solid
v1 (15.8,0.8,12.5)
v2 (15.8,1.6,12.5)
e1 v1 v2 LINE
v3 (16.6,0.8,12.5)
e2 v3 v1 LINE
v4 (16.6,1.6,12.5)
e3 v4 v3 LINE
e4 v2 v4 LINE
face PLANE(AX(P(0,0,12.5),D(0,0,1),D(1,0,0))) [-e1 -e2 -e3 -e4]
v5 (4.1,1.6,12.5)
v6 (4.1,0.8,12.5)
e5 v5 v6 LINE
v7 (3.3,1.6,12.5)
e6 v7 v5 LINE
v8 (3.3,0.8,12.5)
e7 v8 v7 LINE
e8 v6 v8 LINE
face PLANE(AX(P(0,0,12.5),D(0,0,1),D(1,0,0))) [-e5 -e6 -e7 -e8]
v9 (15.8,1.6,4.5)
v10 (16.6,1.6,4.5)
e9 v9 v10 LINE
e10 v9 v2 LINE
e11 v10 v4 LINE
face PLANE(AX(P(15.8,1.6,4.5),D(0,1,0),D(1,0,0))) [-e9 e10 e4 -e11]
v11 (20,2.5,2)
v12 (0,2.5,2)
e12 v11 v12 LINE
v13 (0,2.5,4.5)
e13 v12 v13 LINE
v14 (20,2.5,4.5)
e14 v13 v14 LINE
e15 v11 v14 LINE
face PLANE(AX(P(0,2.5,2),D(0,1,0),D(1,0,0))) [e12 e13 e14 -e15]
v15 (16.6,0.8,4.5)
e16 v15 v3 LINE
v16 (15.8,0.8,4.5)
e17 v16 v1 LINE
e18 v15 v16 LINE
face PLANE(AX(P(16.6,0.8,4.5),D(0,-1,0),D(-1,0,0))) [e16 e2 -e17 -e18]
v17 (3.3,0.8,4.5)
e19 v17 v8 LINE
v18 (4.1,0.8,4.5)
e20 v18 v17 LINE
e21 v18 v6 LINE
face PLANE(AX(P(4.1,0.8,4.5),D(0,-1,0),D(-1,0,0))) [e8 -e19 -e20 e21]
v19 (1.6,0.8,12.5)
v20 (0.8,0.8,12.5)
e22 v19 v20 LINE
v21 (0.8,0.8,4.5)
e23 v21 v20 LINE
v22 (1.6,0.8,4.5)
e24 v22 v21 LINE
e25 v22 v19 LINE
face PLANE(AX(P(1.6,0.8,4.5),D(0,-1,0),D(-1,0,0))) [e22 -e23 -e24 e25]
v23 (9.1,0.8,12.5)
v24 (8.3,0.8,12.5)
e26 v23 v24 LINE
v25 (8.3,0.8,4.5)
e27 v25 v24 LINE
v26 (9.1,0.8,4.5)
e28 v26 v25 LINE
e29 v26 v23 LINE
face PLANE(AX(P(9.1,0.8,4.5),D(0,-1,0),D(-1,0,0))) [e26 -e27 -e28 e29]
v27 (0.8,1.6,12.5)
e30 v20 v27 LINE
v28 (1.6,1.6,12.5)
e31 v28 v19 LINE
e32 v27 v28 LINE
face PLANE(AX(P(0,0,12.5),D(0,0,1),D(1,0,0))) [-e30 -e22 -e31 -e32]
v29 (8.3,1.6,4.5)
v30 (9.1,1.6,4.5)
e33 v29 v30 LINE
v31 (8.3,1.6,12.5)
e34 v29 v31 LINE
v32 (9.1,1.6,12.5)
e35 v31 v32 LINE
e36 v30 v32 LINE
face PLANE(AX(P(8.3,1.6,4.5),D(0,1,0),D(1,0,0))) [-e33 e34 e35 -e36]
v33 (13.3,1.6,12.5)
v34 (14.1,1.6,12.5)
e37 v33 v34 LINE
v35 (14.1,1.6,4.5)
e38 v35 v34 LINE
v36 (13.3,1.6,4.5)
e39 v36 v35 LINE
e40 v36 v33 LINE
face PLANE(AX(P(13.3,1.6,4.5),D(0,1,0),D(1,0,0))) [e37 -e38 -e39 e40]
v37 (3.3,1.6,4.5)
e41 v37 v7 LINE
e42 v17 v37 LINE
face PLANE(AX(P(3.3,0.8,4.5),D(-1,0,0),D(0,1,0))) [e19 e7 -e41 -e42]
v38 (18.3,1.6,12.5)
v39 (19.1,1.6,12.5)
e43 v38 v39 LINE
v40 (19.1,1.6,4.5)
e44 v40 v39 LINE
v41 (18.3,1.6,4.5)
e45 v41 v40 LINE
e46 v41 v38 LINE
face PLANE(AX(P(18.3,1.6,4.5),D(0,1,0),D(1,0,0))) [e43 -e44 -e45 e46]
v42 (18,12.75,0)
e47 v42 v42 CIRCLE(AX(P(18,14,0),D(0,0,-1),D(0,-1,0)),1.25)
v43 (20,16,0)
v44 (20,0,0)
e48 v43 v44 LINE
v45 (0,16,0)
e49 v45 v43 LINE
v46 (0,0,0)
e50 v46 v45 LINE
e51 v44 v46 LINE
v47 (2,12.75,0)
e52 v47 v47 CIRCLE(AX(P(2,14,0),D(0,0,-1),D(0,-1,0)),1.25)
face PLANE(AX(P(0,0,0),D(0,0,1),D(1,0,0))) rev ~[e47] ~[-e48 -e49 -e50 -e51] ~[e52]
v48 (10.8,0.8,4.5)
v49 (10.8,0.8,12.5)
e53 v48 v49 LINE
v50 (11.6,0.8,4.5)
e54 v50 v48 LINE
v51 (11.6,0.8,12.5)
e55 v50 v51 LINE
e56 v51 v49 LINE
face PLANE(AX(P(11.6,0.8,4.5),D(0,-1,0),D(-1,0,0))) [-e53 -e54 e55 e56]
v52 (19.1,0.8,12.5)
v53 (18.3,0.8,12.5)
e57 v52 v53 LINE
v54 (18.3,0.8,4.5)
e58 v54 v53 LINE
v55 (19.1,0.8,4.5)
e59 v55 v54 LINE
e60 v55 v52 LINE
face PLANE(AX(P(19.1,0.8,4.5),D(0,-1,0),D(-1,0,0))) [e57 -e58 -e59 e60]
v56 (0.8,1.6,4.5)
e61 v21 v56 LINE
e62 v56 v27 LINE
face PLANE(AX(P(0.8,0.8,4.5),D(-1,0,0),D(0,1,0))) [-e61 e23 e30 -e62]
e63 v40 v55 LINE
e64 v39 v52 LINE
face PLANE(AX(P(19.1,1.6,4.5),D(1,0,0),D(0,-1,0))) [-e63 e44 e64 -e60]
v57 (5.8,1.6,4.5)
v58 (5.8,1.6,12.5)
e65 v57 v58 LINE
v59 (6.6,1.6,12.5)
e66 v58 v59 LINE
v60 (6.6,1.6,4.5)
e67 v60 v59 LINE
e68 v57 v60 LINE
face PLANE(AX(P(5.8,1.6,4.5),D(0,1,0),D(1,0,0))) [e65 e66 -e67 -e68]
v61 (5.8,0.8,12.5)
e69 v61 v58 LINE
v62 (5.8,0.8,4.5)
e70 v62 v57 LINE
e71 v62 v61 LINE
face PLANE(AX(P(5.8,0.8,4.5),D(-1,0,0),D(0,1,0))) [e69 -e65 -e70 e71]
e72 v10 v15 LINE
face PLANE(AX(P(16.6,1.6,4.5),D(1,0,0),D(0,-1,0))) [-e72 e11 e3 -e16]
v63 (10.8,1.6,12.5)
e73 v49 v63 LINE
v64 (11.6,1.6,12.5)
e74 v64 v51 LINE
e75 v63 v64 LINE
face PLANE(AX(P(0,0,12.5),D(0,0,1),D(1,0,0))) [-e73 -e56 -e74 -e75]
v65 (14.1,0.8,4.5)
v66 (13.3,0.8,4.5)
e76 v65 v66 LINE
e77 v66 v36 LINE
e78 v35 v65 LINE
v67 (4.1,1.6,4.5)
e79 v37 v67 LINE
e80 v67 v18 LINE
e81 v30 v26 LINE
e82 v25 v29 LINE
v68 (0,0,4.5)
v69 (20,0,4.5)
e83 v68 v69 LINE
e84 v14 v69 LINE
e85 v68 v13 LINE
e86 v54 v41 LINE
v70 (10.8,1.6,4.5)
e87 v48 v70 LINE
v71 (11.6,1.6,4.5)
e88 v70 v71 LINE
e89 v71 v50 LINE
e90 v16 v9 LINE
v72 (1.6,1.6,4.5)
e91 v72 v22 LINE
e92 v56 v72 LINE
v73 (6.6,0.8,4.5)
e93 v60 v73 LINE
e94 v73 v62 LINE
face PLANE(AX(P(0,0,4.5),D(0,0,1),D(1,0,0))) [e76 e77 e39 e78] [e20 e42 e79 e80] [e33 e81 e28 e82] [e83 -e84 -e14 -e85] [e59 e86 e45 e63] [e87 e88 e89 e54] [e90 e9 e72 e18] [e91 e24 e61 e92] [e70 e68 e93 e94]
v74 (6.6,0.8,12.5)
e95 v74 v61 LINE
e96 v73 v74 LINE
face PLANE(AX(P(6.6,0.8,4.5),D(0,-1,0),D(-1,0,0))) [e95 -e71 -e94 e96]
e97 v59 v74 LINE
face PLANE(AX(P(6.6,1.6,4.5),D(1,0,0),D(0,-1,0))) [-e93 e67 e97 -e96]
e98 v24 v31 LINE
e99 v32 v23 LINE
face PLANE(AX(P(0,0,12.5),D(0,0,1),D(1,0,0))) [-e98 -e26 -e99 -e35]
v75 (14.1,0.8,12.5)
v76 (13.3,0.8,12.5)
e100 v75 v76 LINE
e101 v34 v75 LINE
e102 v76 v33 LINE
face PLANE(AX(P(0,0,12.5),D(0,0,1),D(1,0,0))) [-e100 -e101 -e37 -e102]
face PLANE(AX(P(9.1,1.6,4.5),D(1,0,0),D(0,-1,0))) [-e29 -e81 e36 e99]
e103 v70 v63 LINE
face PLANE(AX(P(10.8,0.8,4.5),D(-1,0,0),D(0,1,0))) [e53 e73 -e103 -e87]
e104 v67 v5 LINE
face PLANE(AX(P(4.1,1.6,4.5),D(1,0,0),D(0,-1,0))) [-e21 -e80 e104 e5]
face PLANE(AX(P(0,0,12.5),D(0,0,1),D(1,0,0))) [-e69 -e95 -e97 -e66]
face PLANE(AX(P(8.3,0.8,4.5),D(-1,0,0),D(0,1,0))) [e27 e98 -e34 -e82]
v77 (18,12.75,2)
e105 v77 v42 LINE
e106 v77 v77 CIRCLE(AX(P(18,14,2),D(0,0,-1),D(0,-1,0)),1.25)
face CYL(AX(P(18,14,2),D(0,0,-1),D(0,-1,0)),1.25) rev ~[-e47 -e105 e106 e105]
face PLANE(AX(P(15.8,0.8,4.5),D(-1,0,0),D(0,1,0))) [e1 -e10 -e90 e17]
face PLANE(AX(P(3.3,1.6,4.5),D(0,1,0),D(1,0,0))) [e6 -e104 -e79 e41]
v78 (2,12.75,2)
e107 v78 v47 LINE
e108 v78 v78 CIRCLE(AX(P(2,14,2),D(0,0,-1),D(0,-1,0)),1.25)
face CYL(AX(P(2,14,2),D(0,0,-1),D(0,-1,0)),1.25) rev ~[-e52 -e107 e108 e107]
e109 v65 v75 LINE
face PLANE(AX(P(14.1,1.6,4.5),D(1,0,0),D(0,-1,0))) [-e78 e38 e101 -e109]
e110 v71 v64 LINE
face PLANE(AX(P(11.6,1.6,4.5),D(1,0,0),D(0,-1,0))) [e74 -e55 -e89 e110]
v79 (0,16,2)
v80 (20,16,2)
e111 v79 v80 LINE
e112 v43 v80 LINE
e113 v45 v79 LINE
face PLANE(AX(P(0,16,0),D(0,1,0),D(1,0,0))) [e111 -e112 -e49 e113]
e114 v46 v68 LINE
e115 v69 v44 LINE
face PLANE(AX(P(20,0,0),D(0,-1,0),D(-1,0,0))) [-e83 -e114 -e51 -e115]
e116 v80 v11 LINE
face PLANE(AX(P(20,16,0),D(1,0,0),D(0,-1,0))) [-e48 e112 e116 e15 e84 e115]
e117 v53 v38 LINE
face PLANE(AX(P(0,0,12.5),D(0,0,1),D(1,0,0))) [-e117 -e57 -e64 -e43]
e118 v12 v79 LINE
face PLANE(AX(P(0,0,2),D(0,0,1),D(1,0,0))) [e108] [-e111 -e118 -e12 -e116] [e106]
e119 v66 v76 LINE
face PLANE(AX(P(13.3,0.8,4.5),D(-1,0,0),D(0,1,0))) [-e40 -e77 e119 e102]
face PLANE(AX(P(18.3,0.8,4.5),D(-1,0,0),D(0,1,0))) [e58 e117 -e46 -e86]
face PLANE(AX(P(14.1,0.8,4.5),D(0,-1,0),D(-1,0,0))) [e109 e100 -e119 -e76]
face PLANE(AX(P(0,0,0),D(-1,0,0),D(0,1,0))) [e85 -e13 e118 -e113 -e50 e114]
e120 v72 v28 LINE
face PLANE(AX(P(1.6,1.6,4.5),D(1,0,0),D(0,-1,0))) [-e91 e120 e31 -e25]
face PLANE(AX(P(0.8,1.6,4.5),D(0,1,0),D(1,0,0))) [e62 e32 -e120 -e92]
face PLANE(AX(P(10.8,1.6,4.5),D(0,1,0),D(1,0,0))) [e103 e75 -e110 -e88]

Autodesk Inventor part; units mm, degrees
ref_plane "YZ Plane" through (0, 0, 0) normal (1, 0, 0) x (0, 1, 0)
ref_plane "XZ Plane" through (0, 0, 0) normal (0, 1, 0) x (-1, 0, 0)
ref_plane "XY Plane" through (0, 0, 0) normal (0, 0, 1) x (1, 0, 0)
sketch "Esquisse1" plane through (0, 0, 0) normal (0, 0, 1) x (1, 0, 0)
  line L0 (0, 16) -> (20, 16)
  line L1 (20, 16) -> (20, 0)
  line L2 (20, 0) -> (0, 0)
  line L3 (0, 0) -> (0, 16)
  line L4 (-4.5575, 0) -> (27.3449, 0) projected
  line L5 (0, -3.2) -> (0, 19.2) projected
  point P0 (0, 0)
  dimension "d0" = 20
  dimension "d1" = 16
extrude "Extrusion1" add sketch "Esquisse1" along normal blind 2
sketch "Esquisse2" plane through (0, 0, 2) normal (0, 0, 1) x (1, 0, 0)
  line L0 (20, 0) -> (20, 16) projected
  line L1 (20, 16) -> (0, 16) projected
  line L2 (0, 16) -> (0, 0) projected
  point P0 (2, 14)
  point P1 (18, 14)
  dimension "d11" = 2
  dimension "d12" = 2
  dimension "d13" = 2
  dimension "d14" = 2
hole "Perçage1" at (2, 14, 2) at (18, 14, 2) direction (0, 0, -1) diameter 2.5 end through all
sketch "Esquisse3" plane through (0, 0, 2) normal (0, 0, 1) x (1, 0, 0)
  line L0 (0, 2.5) -> (2.5, 2.5)
  line L1 (2.5, 2.5) -> (2.5, 0)
  line L2 (2.5, 0) -> (0, 0)
  line L3 (0, 0) -> (0, 2.5)
  line L4 (-4.5575, 0) -> (27.3449, 0) projected
  line L5 (2.5, 2.5) -> (5, 2.5)
  line L6 (5, 2.5) -> (5, 0)
  line L7 (5, 0) -> (2.5, 0)
  line L8 (2.5, 0) -> (2.5, 2.5)
  line L9 (5, 2.5) -> (7.5, 2.5)
  line L10 (7.5, 2.5) -> (7.5, 0)
  line L11 (7.5, 0) -> (5, 0)
  line L12 (5, 0) -> (5, 2.5)
  line L13 (7.5, 2.5) -> (10, 2.5)
  line L14 (10, 2.5) -> (10, 0)
  line L15 (10, 0) -> (7.5, 0)
  line L16 (7.5, 0) -> (7.5, 2.5)
  line L17 (10, 2.5) -> (12.5, 2.5)
  line L18 (12.5, 2.5) -> (12.5, 0)
  line L19 (12.5, 0) -> (10, 0)
  line L20 (10, 0) -> (10, 2.5)
  line L21 (12.5, 2.5) -> (15, 2.5)
  line L22 (15, 2.5) -> (15, 0)
  line L23 (15, 0) -> (12.5, 0)
  line L24 (12.5, 0) -> (12.5, 2.5)
  line L25 (15, 2.5) -> (17.5, 2.5)
  line L26 (17.5, 2.5) -> (17.5, 0)
  line L27 (17.5, 0) -> (15, 0)
  line L28 (15, 0) -> (15, 2.5)
  line L29 (17.5, 2.5) -> (20, 2.5)
  line L30 (20, 2.5) -> (20, 0)
  line L31 (20, 0) -> (17.5, 0)
  line L32 (17.5, 0) -> (17.5, 2.5)
  line L33 (0, 16) -> (0, 0) projected
  line L34 (0, 0) -> (20, 0) projected
  point P0 (2.5, 0)
  point P1 (20, 0)
  dimension "d15" = 2.5
  dimension "d16" = 2.5
  dimension "d19" = 2.5
extrude "Extrusion2" add sketch "Esquisse3" along normal blind 2.5
sketch "Esquisse4" plane through (0, 0, 4.5) normal (0, 0, 1) x (1, 0, 0)
  line L0 (0.8, 1.6) -> (1.6, 1.6)
  line L1 (1.6, 1.6) -> (1.6, 0.8)
  line L2 (1.6, 0.8) -> (0.8, 0.8)
  line L3 (0.8, 0.8) -> (0.8, 1.6)
  line L4 (0, 0) -> (20, 0) projected
  line L5 (0, 2.5) -> (0, 0) projected
  line L6 (3.3, 1.6) -> (4.1, 1.6)
  line L7 (4.1, 1.6) -> (4.1, 0.8)
  line L8 (4.1, 0.8) -> (3.3, 0.8)
  line L9 (3.3, 0.8) -> (3.3, 1.6)
  line L10 (5.8, 1.6) -> (6.6, 1.6)
  line L11 (6.6, 1.6) -> (6.6, 0.8)
  line L12 (6.6, 0.8) -> (5.8, 0.8)
  line L13 (5.8, 0.8) -> (5.8, 1.6)
  line L14 (8.3, 1.6) -> (9.1, 1.6)
  line L15 (9.1, 1.6) -> (9.1, 0.8)
  line L16 (9.1, 0.8) -> (8.3, 0.8)
  line L17 (8.3, 0.8) -> (8.3, 1.6)
  line L18 (10.8, 1.6) -> (11.6, 1.6)
  line L19 (11.6, 1.6) -> (11.6, 0.8)
  line L20 (11.6, 0.8) -> (10.8, 0.8)
  line L21 (10.8, 0.8) -> (10.8, 1.6)
  line L22 (13.3, 1.6) -> (14.1, 1.6)
  line L23 (14.1, 1.6) -> (14.1, 0.8)
  line L24 (14.1, 0.8) -> (13.3, 0.8)
  line L25 (13.3, 0.8) -> (13.3, 1.6)
  line L26 (15.8, 1.6) -> (16.6, 1.6)
  line L27 (16.6, 1.6) -> (16.6, 0.8)
  line L28 (16.6, 0.8) -> (15.8, 0.8)
  line L29 (15.8, 0.8) -> (15.8, 1.6)
  line L30 (18.3, 1.6) -> (19.1, 1.6)
  line L31 (19.1, 1.6) -> (19.1, 0.8)
  line L32 (19.1, 0.8) -> (18.3, 0.8)
  line L33 (18.3, 0.8) -> (18.3, 1.6)
  point P0 (0, 1.25)
  dimension "d26" = 0.8
  dimension "d27" = 0.8
  dimension "d28" = 0.8
  dimension "d29" = 0.8
  dimension "d32" = 2.5
extrude "Extrusion3" add sketch "Esquisse4" along normal blind 8
equation "\"d13\" = d12"
equation "\"d14\" = d11"
equation "\"d16\" = d15"
equation "\"d27\" = d26"
equation "\"d29\" = d28"
properties part number "gyro"
